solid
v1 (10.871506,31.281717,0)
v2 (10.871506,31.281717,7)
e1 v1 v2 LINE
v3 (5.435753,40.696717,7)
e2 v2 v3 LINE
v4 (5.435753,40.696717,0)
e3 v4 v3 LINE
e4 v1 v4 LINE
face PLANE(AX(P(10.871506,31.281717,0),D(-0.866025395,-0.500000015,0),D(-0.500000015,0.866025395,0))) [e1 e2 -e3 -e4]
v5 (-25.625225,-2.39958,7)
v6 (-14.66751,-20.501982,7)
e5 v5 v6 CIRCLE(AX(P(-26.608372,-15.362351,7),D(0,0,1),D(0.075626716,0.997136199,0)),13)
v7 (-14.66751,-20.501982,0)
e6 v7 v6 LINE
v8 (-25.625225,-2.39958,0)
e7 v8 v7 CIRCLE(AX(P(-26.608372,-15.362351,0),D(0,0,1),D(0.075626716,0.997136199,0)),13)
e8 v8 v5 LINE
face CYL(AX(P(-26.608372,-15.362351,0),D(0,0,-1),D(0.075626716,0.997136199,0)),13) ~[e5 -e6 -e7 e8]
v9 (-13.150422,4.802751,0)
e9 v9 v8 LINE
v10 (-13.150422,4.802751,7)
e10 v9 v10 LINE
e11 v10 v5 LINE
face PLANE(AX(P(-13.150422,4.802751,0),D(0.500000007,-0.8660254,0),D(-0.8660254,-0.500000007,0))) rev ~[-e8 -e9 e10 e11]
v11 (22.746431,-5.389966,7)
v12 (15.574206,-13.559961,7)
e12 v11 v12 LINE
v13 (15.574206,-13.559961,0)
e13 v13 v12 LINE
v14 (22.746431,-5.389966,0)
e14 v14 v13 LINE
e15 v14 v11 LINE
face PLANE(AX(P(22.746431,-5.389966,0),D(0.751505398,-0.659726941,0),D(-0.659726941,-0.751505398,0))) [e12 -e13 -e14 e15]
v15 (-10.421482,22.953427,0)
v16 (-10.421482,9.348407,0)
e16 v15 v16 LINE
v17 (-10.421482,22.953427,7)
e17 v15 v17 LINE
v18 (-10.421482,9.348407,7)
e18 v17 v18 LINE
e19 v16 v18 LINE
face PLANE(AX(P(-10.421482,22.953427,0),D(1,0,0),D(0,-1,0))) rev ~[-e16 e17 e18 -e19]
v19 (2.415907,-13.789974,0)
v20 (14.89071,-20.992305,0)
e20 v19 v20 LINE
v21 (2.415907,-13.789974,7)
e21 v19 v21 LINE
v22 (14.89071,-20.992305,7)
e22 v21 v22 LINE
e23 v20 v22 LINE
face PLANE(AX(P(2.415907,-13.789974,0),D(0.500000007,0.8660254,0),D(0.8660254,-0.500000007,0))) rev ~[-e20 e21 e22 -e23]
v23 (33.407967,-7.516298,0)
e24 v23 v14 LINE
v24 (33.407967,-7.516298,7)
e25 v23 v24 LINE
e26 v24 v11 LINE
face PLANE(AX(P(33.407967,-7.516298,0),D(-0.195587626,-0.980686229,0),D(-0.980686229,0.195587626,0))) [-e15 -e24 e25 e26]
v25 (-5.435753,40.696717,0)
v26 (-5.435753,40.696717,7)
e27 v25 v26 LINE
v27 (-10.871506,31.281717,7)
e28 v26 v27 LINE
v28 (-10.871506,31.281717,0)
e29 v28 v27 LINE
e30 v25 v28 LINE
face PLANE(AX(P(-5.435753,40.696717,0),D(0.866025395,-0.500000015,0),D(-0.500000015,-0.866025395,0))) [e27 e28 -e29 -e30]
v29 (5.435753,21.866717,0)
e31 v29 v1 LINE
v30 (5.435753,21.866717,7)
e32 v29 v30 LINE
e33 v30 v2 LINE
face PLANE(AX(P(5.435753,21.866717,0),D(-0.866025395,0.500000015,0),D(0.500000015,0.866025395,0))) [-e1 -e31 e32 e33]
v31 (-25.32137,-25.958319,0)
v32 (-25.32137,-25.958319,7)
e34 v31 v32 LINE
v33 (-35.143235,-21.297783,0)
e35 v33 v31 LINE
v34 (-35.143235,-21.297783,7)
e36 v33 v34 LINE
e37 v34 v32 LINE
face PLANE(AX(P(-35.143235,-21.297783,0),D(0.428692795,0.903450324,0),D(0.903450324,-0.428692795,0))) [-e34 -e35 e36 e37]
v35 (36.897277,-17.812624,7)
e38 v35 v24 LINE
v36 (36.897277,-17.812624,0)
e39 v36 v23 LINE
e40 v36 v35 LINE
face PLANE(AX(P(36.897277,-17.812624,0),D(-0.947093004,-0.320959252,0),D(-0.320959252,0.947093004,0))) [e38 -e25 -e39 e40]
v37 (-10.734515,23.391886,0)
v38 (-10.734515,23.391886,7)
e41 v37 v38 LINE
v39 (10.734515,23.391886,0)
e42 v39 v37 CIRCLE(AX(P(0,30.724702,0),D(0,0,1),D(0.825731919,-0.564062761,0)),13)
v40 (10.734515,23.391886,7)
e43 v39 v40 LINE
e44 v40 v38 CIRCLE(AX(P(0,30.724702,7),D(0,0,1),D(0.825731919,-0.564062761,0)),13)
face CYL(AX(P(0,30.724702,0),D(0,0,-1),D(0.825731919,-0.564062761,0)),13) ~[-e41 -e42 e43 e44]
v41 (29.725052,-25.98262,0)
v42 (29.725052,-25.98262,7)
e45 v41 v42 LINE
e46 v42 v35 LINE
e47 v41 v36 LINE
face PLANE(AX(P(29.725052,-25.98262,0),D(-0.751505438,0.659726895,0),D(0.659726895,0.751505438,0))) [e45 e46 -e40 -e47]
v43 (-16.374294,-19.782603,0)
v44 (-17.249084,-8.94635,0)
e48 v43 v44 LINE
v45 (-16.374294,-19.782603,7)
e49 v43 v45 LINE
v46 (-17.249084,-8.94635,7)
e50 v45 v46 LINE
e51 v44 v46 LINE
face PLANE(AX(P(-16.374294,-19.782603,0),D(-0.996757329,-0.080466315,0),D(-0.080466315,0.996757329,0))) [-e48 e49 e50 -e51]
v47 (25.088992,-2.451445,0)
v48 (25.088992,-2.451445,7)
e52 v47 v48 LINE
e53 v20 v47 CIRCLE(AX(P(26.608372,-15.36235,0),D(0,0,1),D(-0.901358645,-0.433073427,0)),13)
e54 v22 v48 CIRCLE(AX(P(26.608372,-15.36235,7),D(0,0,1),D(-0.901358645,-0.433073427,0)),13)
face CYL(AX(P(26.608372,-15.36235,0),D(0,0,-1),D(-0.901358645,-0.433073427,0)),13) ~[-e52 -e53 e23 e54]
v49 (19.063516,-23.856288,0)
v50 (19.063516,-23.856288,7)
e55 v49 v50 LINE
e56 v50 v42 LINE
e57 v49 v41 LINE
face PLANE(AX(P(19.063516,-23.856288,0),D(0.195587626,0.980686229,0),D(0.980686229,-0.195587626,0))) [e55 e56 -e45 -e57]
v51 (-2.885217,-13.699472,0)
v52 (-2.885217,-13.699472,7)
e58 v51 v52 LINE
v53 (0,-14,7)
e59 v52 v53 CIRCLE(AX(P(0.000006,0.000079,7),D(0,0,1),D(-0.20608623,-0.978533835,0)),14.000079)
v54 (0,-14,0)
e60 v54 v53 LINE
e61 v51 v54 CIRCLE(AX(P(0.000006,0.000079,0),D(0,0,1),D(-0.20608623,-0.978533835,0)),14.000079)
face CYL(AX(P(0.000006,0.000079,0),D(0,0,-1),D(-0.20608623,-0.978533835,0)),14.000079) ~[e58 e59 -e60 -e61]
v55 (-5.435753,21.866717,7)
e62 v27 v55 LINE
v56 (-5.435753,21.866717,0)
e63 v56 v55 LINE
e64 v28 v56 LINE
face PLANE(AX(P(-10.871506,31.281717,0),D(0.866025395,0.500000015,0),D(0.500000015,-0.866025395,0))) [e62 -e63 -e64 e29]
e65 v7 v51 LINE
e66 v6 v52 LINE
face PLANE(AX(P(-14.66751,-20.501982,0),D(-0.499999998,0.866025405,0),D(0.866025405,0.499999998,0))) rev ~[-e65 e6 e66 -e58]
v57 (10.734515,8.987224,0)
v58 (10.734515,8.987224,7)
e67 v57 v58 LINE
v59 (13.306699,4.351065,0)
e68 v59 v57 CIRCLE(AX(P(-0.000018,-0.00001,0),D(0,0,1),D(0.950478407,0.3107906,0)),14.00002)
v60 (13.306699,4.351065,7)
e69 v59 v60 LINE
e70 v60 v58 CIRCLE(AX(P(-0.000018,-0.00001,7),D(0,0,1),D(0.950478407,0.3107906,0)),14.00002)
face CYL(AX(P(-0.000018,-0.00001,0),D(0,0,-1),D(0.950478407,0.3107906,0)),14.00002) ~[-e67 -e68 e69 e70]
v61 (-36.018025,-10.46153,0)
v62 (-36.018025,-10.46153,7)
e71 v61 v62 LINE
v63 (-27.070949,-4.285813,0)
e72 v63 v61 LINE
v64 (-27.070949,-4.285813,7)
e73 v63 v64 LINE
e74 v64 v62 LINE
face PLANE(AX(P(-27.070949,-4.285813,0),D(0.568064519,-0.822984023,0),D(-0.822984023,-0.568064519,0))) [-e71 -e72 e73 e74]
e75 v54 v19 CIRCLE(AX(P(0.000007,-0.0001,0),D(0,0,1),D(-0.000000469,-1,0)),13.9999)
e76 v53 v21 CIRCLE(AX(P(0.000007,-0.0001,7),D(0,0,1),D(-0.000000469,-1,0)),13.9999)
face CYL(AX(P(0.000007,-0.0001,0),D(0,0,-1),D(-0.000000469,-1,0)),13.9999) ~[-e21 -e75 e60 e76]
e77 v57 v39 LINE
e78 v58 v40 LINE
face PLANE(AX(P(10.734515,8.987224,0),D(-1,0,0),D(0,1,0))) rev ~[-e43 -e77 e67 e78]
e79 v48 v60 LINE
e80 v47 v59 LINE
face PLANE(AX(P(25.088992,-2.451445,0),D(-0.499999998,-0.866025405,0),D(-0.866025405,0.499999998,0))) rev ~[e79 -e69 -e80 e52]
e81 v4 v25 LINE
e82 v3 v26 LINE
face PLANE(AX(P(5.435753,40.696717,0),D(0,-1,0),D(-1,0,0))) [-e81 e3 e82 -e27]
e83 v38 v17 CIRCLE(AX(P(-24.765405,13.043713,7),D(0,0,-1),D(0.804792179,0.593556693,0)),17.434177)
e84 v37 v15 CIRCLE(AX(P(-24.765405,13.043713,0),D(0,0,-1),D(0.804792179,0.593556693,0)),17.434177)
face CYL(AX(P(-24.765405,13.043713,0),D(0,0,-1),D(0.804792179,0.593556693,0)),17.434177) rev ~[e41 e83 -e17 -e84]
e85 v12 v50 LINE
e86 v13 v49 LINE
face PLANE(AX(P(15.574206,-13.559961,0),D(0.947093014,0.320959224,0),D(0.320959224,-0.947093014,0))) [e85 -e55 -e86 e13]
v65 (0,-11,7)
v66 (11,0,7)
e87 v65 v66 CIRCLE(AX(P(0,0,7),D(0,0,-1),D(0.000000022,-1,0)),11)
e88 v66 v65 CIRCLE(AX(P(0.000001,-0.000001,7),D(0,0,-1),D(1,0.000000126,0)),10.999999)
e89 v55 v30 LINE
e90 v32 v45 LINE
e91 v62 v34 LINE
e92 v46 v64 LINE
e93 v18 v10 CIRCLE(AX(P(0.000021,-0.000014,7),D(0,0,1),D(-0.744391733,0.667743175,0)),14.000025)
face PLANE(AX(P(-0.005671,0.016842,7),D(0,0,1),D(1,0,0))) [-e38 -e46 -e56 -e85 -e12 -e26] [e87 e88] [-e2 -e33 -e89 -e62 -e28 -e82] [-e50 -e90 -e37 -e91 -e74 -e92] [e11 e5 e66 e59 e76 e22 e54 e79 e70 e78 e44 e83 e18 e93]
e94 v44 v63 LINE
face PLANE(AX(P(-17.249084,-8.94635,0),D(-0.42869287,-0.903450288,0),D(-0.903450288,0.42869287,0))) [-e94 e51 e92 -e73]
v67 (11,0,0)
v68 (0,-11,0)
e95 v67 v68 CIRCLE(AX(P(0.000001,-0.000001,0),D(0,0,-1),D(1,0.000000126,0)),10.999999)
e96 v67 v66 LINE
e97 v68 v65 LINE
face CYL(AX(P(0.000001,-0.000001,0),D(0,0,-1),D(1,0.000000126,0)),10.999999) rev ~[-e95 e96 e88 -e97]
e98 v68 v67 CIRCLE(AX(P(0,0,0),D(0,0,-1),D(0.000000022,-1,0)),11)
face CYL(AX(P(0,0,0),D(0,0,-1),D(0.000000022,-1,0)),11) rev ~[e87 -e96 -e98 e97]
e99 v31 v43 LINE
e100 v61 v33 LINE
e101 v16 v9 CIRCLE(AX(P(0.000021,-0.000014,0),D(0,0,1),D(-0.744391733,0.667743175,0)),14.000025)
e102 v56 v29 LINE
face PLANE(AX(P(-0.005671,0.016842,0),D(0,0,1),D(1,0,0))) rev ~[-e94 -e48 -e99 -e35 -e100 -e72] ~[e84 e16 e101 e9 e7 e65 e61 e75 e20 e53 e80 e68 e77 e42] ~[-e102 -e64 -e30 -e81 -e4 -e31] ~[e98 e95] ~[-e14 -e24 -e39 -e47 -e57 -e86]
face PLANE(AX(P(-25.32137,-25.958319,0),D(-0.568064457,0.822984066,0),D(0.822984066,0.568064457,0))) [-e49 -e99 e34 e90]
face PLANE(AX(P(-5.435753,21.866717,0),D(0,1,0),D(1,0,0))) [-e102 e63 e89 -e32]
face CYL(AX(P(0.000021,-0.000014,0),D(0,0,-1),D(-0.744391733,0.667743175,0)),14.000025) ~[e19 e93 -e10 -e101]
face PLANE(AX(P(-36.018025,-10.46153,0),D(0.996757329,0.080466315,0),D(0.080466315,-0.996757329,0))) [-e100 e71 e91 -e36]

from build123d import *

# Parameters (mm, degrees)
F1_DEPTH  = 7
F1_FACE_R = 11
F3_DEPTH  = 45.5


with BuildPart() as f1:
    # F0 (on Top) → F1 (new body)
    with BuildSketch(Plane.XY):
        with BuildLine():
            ThreePointArc((-2.885217, -13.699472), (-1.450413, -13.924665), (0, -14))
            ThreePointArc((0, -14), (1.212509, -13.947395), (2.415907, -13.789974))
            Line((2.415907, -13.789974), (14.89071, -20.992305))
            ThreePointArc((14.89071, -20.992305), (37.998969, -21.627676), (25.088992, -2.451445))
            Line((25.088992, -2.451445), (13.306699, 4.351065))
            ThreePointArc((13.306699, 4.351065), (12.242078, 6.792019), (10.734515, 8.987224))
            Line((10.734515, 8.987224), (10.734515, 23.391886))
            ThreePointArc((10.734515, 23.391886), (0, 43.724702), (-10.734515, 23.391886))
            ThreePointArc((-10.734515, 23.391886), (-10.576305, 23.173866), (-10.421482, 22.953427))
            Line((-10.421482, 22.953427), (-10.421482, 9.348407))
            ThreePointArc((-10.421482, 9.348407), (-12.0031, 7.205941), (-13.150422, 4.802751))
            Line((-13.150422, 4.802751), (-25.625225, -2.39958))
            ThreePointArc((-25.625225, -2.39958), (-37.729602, -22.094234), (-14.66751, -20.501982))
            Line((-14.66751, -20.501982), (-2.885217, -13.699472))
        make_face()
        with BuildLine():
            ThreePointArc((0, -11), (-7.778175, 7.778175), (11, 0))
            ThreePointArc((11, 0), (7.778175, -7.778175), (0, -11))
        make_face(mode=Mode.SUBTRACT)
    extrude(amount=F1_DEPTH)

    # F2 (on Top) + F1_face (on face) → F3 (cut)
    with BuildSketch(Plane.XY):
        Polygon((-25.32137, -25.958319), (-16.374294, -19.782603), (-17.249084, -8.94635), (-27.070949, -4.285813), (-36.018025, -10.46153), (-35.143235, -21.297783), align=None)
        Polygon((36.897277, -17.812624), (33.407967, -7.516298), (22.746431, -5.389966), (15.574206, -13.559961), (19.063516, -23.856288), (29.725052, -25.98262), align=None)
        Polygon((5.435753, 40.696717), (-5.435753, 40.696717), (-10.871506, 31.281717), (-5.435753, 21.866717), (5.435753, 21.866717), (10.871506, 31.281717), align=None)
    with BuildSketch(Plane(origin=(8e-06, -1.8e-05, 7), x_dir=(1, 0, 0), z_dir=(0, 0, 1))):
        with BuildLine():
            Line((-14.667518, -20.501964), (-2.885225, -13.699454))
            ThreePointArc((-2.885225, -13.699454), (-0.238987, -13.997942), (2.415899, -13.789957))
            Line((2.415899, -13.789957), (14.890702, -20.992287))
            ThreePointArc((14.890702, -20.992287), (37.998961, -21.627658), (25.088984, -2.451427))
            Line((25.088984, -2.451427), (13.306691, 4.351083))
            ThreePointArc((13.306691, 4.351083), (12.24207, 6.792037), (10.734507, 8.987242))
            Line((10.734507, 8.987242), (10.734507, 23.391904))
            ThreePointArc((10.734507, 23.391904), (-8e-06, 43.72472), (-10.734523, 23.391904))
            ThreePointArc((-10.734523, 23.391904), (-10.576313, 23.173884), (-10.42149, 22.953445))
            Line((-10.42149, 22.953445), (-10.42149, 9.348425))
            ThreePointArc((-10.42149, 9.348425), (-12.003108, 7.205959), (-13.15043, 4.802769))
            Line((-13.15043, 4.802769), (-25.625233, -2.399562))
            ThreePointArc((-25.625233, -2.399562), (-37.72961, -22.094217), (-14.667518, -20.501964))
        make_face()
        with Locations((-8e-06, 1.8e-05)):
            Circle(F1_FACE_R, mode=Mode.SUBTRACT)
    extrude(amount=F3_DEPTH, mode=Mode.SUBTRACT)


solid = f1.part
